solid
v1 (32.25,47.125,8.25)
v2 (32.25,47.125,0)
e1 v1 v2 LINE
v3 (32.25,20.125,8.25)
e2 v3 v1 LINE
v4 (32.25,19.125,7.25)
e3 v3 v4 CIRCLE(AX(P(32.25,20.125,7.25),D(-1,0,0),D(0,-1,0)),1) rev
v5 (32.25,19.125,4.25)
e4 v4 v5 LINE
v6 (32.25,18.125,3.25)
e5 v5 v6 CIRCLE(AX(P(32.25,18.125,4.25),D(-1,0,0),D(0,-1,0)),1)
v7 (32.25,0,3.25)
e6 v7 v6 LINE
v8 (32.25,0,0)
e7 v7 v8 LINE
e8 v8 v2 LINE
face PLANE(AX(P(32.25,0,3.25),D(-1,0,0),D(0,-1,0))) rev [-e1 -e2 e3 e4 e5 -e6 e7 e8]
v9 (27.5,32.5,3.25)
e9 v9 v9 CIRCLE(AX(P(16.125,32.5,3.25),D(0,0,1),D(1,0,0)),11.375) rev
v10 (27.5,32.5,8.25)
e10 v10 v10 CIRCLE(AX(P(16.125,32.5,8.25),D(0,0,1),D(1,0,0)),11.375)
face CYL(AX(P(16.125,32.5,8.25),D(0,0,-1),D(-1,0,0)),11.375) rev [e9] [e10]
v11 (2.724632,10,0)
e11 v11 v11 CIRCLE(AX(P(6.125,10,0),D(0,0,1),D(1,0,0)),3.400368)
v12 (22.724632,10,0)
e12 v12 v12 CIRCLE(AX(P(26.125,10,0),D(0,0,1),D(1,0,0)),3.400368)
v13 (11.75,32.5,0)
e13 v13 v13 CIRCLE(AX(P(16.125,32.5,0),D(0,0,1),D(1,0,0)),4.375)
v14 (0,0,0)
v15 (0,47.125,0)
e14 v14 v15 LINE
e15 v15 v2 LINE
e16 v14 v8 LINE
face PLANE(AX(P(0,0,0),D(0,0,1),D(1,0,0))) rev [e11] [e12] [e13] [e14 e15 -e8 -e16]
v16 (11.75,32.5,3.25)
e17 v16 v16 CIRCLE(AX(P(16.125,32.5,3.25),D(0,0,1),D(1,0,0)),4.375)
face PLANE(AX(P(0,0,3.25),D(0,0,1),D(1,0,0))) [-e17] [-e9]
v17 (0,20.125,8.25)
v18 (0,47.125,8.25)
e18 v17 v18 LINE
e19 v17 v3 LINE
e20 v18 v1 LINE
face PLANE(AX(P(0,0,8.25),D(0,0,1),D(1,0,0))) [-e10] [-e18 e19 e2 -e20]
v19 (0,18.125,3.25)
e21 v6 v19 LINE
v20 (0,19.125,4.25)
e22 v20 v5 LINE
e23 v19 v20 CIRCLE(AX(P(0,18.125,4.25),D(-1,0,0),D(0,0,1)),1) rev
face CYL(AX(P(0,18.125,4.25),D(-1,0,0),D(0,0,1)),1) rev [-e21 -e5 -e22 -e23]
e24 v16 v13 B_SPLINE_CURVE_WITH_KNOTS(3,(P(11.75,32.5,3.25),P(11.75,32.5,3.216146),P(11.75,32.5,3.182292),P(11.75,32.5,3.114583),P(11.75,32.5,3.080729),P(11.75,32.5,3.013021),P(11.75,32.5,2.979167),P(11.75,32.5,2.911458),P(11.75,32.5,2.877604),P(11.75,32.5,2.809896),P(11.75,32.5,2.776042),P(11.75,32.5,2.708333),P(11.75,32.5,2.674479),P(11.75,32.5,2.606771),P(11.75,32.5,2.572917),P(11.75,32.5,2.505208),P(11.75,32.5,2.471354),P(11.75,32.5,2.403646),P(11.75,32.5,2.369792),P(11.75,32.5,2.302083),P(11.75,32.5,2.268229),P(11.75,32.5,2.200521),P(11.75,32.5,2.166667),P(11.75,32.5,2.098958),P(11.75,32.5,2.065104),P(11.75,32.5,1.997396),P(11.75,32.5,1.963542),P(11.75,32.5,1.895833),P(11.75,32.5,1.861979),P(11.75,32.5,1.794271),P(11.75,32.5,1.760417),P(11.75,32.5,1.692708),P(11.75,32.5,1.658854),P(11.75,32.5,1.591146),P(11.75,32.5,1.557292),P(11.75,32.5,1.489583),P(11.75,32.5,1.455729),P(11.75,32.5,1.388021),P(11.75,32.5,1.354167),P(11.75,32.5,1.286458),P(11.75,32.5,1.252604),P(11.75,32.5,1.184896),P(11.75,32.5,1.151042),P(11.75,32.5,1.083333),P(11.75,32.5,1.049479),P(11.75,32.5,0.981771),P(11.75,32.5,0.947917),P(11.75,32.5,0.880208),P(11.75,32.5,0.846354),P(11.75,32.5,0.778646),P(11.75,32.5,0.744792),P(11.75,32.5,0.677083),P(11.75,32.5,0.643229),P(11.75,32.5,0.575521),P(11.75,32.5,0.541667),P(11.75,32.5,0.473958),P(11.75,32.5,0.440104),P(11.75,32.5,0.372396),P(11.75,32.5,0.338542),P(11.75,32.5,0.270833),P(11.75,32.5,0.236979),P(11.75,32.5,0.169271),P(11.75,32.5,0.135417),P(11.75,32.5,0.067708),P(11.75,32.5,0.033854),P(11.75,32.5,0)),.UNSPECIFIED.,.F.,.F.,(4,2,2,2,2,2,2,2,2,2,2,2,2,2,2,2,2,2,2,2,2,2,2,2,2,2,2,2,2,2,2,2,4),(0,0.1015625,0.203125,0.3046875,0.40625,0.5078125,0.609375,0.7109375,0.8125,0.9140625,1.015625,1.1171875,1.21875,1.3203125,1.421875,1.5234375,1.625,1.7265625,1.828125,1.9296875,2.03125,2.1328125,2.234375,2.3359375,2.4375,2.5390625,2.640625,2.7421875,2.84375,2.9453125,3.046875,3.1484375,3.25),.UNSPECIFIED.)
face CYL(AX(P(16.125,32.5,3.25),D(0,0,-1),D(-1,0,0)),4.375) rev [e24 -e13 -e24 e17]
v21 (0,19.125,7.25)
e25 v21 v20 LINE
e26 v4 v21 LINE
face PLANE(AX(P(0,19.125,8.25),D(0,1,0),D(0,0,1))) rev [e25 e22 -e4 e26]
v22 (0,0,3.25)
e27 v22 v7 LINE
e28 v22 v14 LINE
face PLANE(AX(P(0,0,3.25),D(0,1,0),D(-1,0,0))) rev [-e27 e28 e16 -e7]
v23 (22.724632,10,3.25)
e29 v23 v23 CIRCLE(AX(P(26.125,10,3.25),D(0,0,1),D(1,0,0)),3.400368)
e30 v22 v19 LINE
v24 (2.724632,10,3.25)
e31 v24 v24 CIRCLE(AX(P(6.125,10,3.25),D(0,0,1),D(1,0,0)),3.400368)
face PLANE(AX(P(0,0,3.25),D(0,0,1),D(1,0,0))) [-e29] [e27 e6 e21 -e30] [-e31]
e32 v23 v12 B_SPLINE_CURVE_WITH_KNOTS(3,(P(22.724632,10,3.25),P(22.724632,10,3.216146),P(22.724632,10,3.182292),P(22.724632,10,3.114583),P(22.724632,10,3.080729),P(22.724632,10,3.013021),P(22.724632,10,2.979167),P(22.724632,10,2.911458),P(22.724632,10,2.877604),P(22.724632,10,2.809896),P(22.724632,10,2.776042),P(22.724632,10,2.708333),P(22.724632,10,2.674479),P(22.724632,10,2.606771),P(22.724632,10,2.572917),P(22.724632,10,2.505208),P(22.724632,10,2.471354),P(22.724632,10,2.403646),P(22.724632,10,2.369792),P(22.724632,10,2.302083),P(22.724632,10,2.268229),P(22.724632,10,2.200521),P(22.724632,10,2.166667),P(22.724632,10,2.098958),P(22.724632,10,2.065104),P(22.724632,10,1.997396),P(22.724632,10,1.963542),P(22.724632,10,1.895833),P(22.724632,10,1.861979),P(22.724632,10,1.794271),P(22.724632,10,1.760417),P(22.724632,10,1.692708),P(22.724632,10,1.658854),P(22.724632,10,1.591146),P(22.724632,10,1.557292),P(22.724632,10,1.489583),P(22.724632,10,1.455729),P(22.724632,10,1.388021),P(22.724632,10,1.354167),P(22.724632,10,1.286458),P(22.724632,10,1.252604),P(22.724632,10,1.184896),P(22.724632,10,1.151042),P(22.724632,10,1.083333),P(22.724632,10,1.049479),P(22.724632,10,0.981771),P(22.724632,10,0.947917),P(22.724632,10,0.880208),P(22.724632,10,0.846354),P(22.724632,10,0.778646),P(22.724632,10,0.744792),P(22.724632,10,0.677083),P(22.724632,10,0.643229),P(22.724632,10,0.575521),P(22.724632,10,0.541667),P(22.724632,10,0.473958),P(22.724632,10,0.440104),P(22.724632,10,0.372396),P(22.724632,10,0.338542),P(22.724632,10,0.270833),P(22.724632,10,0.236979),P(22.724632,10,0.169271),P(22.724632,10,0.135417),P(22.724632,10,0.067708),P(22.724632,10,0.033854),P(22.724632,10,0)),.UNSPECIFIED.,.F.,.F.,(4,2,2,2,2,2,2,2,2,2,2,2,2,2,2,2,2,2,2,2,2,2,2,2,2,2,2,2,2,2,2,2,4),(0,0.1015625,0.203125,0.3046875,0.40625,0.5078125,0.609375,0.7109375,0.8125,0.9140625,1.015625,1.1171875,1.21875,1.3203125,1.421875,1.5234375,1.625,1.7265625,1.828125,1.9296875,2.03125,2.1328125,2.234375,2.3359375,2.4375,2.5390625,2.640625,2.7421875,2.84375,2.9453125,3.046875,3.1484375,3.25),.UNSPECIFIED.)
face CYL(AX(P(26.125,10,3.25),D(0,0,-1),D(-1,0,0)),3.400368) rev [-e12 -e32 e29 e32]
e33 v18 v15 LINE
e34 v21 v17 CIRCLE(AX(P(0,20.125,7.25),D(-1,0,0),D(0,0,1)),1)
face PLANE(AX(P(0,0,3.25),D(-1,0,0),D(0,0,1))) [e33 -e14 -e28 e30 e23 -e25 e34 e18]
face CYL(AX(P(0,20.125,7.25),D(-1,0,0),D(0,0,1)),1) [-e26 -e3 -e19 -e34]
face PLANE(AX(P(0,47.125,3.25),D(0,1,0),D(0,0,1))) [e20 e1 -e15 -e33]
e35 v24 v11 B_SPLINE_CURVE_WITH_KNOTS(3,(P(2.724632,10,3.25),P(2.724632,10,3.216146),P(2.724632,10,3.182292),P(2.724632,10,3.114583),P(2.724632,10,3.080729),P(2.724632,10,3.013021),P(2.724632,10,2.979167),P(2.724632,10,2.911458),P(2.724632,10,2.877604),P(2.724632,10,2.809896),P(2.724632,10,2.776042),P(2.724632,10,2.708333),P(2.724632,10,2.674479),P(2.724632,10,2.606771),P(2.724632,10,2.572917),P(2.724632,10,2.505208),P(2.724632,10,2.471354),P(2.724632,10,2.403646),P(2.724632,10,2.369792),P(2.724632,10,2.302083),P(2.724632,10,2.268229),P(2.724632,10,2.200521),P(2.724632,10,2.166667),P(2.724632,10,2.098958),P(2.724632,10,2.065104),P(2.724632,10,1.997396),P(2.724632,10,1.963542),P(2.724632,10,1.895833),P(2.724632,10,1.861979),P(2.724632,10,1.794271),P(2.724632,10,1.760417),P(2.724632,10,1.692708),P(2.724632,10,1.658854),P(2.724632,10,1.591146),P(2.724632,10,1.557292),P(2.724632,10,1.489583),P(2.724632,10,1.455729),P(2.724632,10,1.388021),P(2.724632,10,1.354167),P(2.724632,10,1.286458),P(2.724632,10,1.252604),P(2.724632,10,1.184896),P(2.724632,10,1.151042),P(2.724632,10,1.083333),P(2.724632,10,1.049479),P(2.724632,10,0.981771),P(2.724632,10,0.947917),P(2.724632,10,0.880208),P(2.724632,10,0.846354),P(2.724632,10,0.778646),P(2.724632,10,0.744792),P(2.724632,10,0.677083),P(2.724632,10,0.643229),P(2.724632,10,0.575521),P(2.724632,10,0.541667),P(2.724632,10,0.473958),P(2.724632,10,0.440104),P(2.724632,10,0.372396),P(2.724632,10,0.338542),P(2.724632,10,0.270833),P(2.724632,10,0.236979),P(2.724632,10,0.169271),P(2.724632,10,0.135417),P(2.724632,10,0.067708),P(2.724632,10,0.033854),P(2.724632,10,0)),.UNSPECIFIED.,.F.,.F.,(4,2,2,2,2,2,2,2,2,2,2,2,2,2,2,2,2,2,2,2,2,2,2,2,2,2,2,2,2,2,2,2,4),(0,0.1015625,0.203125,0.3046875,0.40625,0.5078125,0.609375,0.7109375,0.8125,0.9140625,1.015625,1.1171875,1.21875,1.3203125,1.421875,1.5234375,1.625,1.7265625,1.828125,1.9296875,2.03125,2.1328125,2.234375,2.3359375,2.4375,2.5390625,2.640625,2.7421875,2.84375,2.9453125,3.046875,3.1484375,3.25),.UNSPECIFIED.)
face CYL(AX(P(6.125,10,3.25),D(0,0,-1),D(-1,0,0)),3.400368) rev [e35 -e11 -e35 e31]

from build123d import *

# Parameters (mm, degrees)
SKETCH1_W           = 32.25
SKETCH1_H           = 47.125
SKETCH1_R           = 3.400367627
SKETCH1_R_2         = 4.375
BOSS_EXTRUDE1_DEPTH = 3.25
SKETCH1_3_W         = 32.25
SKETCH1_3_H         = 28
SKETCH1_3_R         = 11.375
BOSS_EXTRUDE2_DEPTH = 8.25
FILLET1_R           = 1


with BuildPart() as part:
    # Sketch1 → Boss-Extrude1 (new body)
    with BuildSketch(Plane.XY):
        with Locations((16.125, 23.5625)):
            Rectangle(SKETCH1_W, SKETCH1_H)
        with Locations((6.125, 10)):
            Circle(SKETCH1_R, mode=Mode.SUBTRACT)
        with Locations((26.125, 10)):
            Circle(SKETCH1_R, mode=Mode.SUBTRACT)
        with Locations((16.125, 32.5)):
            Circle(SKETCH1_R_2, mode=Mode.SUBTRACT)
    extrude(amount=BOSS_EXTRUDE1_DEPTH)

    # Sketch1<3> → Boss-Extrude2 (add)
    with BuildSketch(Plane.XY):
        with Locations((16.125, 33.125)):
            Rectangle(SKETCH1_3_W, SKETCH1_3_H)
        with Locations((16.125, 32.5)):
            Circle(SKETCH1_3_R, mode=Mode.SUBTRACT)
    extrude(amount=BOSS_EXTRUDE2_DEPTH)

    # Fillet1
    fillet1_edges = [part.edges().sort_by_distance(p)[0] for p in [
        (16.125, 19.125, 8.25),
        (16.125, 19.125, 3.25),
    ]]
    fillet(fillet1_edges, radius=FILLET1_R)


solid = part.part
